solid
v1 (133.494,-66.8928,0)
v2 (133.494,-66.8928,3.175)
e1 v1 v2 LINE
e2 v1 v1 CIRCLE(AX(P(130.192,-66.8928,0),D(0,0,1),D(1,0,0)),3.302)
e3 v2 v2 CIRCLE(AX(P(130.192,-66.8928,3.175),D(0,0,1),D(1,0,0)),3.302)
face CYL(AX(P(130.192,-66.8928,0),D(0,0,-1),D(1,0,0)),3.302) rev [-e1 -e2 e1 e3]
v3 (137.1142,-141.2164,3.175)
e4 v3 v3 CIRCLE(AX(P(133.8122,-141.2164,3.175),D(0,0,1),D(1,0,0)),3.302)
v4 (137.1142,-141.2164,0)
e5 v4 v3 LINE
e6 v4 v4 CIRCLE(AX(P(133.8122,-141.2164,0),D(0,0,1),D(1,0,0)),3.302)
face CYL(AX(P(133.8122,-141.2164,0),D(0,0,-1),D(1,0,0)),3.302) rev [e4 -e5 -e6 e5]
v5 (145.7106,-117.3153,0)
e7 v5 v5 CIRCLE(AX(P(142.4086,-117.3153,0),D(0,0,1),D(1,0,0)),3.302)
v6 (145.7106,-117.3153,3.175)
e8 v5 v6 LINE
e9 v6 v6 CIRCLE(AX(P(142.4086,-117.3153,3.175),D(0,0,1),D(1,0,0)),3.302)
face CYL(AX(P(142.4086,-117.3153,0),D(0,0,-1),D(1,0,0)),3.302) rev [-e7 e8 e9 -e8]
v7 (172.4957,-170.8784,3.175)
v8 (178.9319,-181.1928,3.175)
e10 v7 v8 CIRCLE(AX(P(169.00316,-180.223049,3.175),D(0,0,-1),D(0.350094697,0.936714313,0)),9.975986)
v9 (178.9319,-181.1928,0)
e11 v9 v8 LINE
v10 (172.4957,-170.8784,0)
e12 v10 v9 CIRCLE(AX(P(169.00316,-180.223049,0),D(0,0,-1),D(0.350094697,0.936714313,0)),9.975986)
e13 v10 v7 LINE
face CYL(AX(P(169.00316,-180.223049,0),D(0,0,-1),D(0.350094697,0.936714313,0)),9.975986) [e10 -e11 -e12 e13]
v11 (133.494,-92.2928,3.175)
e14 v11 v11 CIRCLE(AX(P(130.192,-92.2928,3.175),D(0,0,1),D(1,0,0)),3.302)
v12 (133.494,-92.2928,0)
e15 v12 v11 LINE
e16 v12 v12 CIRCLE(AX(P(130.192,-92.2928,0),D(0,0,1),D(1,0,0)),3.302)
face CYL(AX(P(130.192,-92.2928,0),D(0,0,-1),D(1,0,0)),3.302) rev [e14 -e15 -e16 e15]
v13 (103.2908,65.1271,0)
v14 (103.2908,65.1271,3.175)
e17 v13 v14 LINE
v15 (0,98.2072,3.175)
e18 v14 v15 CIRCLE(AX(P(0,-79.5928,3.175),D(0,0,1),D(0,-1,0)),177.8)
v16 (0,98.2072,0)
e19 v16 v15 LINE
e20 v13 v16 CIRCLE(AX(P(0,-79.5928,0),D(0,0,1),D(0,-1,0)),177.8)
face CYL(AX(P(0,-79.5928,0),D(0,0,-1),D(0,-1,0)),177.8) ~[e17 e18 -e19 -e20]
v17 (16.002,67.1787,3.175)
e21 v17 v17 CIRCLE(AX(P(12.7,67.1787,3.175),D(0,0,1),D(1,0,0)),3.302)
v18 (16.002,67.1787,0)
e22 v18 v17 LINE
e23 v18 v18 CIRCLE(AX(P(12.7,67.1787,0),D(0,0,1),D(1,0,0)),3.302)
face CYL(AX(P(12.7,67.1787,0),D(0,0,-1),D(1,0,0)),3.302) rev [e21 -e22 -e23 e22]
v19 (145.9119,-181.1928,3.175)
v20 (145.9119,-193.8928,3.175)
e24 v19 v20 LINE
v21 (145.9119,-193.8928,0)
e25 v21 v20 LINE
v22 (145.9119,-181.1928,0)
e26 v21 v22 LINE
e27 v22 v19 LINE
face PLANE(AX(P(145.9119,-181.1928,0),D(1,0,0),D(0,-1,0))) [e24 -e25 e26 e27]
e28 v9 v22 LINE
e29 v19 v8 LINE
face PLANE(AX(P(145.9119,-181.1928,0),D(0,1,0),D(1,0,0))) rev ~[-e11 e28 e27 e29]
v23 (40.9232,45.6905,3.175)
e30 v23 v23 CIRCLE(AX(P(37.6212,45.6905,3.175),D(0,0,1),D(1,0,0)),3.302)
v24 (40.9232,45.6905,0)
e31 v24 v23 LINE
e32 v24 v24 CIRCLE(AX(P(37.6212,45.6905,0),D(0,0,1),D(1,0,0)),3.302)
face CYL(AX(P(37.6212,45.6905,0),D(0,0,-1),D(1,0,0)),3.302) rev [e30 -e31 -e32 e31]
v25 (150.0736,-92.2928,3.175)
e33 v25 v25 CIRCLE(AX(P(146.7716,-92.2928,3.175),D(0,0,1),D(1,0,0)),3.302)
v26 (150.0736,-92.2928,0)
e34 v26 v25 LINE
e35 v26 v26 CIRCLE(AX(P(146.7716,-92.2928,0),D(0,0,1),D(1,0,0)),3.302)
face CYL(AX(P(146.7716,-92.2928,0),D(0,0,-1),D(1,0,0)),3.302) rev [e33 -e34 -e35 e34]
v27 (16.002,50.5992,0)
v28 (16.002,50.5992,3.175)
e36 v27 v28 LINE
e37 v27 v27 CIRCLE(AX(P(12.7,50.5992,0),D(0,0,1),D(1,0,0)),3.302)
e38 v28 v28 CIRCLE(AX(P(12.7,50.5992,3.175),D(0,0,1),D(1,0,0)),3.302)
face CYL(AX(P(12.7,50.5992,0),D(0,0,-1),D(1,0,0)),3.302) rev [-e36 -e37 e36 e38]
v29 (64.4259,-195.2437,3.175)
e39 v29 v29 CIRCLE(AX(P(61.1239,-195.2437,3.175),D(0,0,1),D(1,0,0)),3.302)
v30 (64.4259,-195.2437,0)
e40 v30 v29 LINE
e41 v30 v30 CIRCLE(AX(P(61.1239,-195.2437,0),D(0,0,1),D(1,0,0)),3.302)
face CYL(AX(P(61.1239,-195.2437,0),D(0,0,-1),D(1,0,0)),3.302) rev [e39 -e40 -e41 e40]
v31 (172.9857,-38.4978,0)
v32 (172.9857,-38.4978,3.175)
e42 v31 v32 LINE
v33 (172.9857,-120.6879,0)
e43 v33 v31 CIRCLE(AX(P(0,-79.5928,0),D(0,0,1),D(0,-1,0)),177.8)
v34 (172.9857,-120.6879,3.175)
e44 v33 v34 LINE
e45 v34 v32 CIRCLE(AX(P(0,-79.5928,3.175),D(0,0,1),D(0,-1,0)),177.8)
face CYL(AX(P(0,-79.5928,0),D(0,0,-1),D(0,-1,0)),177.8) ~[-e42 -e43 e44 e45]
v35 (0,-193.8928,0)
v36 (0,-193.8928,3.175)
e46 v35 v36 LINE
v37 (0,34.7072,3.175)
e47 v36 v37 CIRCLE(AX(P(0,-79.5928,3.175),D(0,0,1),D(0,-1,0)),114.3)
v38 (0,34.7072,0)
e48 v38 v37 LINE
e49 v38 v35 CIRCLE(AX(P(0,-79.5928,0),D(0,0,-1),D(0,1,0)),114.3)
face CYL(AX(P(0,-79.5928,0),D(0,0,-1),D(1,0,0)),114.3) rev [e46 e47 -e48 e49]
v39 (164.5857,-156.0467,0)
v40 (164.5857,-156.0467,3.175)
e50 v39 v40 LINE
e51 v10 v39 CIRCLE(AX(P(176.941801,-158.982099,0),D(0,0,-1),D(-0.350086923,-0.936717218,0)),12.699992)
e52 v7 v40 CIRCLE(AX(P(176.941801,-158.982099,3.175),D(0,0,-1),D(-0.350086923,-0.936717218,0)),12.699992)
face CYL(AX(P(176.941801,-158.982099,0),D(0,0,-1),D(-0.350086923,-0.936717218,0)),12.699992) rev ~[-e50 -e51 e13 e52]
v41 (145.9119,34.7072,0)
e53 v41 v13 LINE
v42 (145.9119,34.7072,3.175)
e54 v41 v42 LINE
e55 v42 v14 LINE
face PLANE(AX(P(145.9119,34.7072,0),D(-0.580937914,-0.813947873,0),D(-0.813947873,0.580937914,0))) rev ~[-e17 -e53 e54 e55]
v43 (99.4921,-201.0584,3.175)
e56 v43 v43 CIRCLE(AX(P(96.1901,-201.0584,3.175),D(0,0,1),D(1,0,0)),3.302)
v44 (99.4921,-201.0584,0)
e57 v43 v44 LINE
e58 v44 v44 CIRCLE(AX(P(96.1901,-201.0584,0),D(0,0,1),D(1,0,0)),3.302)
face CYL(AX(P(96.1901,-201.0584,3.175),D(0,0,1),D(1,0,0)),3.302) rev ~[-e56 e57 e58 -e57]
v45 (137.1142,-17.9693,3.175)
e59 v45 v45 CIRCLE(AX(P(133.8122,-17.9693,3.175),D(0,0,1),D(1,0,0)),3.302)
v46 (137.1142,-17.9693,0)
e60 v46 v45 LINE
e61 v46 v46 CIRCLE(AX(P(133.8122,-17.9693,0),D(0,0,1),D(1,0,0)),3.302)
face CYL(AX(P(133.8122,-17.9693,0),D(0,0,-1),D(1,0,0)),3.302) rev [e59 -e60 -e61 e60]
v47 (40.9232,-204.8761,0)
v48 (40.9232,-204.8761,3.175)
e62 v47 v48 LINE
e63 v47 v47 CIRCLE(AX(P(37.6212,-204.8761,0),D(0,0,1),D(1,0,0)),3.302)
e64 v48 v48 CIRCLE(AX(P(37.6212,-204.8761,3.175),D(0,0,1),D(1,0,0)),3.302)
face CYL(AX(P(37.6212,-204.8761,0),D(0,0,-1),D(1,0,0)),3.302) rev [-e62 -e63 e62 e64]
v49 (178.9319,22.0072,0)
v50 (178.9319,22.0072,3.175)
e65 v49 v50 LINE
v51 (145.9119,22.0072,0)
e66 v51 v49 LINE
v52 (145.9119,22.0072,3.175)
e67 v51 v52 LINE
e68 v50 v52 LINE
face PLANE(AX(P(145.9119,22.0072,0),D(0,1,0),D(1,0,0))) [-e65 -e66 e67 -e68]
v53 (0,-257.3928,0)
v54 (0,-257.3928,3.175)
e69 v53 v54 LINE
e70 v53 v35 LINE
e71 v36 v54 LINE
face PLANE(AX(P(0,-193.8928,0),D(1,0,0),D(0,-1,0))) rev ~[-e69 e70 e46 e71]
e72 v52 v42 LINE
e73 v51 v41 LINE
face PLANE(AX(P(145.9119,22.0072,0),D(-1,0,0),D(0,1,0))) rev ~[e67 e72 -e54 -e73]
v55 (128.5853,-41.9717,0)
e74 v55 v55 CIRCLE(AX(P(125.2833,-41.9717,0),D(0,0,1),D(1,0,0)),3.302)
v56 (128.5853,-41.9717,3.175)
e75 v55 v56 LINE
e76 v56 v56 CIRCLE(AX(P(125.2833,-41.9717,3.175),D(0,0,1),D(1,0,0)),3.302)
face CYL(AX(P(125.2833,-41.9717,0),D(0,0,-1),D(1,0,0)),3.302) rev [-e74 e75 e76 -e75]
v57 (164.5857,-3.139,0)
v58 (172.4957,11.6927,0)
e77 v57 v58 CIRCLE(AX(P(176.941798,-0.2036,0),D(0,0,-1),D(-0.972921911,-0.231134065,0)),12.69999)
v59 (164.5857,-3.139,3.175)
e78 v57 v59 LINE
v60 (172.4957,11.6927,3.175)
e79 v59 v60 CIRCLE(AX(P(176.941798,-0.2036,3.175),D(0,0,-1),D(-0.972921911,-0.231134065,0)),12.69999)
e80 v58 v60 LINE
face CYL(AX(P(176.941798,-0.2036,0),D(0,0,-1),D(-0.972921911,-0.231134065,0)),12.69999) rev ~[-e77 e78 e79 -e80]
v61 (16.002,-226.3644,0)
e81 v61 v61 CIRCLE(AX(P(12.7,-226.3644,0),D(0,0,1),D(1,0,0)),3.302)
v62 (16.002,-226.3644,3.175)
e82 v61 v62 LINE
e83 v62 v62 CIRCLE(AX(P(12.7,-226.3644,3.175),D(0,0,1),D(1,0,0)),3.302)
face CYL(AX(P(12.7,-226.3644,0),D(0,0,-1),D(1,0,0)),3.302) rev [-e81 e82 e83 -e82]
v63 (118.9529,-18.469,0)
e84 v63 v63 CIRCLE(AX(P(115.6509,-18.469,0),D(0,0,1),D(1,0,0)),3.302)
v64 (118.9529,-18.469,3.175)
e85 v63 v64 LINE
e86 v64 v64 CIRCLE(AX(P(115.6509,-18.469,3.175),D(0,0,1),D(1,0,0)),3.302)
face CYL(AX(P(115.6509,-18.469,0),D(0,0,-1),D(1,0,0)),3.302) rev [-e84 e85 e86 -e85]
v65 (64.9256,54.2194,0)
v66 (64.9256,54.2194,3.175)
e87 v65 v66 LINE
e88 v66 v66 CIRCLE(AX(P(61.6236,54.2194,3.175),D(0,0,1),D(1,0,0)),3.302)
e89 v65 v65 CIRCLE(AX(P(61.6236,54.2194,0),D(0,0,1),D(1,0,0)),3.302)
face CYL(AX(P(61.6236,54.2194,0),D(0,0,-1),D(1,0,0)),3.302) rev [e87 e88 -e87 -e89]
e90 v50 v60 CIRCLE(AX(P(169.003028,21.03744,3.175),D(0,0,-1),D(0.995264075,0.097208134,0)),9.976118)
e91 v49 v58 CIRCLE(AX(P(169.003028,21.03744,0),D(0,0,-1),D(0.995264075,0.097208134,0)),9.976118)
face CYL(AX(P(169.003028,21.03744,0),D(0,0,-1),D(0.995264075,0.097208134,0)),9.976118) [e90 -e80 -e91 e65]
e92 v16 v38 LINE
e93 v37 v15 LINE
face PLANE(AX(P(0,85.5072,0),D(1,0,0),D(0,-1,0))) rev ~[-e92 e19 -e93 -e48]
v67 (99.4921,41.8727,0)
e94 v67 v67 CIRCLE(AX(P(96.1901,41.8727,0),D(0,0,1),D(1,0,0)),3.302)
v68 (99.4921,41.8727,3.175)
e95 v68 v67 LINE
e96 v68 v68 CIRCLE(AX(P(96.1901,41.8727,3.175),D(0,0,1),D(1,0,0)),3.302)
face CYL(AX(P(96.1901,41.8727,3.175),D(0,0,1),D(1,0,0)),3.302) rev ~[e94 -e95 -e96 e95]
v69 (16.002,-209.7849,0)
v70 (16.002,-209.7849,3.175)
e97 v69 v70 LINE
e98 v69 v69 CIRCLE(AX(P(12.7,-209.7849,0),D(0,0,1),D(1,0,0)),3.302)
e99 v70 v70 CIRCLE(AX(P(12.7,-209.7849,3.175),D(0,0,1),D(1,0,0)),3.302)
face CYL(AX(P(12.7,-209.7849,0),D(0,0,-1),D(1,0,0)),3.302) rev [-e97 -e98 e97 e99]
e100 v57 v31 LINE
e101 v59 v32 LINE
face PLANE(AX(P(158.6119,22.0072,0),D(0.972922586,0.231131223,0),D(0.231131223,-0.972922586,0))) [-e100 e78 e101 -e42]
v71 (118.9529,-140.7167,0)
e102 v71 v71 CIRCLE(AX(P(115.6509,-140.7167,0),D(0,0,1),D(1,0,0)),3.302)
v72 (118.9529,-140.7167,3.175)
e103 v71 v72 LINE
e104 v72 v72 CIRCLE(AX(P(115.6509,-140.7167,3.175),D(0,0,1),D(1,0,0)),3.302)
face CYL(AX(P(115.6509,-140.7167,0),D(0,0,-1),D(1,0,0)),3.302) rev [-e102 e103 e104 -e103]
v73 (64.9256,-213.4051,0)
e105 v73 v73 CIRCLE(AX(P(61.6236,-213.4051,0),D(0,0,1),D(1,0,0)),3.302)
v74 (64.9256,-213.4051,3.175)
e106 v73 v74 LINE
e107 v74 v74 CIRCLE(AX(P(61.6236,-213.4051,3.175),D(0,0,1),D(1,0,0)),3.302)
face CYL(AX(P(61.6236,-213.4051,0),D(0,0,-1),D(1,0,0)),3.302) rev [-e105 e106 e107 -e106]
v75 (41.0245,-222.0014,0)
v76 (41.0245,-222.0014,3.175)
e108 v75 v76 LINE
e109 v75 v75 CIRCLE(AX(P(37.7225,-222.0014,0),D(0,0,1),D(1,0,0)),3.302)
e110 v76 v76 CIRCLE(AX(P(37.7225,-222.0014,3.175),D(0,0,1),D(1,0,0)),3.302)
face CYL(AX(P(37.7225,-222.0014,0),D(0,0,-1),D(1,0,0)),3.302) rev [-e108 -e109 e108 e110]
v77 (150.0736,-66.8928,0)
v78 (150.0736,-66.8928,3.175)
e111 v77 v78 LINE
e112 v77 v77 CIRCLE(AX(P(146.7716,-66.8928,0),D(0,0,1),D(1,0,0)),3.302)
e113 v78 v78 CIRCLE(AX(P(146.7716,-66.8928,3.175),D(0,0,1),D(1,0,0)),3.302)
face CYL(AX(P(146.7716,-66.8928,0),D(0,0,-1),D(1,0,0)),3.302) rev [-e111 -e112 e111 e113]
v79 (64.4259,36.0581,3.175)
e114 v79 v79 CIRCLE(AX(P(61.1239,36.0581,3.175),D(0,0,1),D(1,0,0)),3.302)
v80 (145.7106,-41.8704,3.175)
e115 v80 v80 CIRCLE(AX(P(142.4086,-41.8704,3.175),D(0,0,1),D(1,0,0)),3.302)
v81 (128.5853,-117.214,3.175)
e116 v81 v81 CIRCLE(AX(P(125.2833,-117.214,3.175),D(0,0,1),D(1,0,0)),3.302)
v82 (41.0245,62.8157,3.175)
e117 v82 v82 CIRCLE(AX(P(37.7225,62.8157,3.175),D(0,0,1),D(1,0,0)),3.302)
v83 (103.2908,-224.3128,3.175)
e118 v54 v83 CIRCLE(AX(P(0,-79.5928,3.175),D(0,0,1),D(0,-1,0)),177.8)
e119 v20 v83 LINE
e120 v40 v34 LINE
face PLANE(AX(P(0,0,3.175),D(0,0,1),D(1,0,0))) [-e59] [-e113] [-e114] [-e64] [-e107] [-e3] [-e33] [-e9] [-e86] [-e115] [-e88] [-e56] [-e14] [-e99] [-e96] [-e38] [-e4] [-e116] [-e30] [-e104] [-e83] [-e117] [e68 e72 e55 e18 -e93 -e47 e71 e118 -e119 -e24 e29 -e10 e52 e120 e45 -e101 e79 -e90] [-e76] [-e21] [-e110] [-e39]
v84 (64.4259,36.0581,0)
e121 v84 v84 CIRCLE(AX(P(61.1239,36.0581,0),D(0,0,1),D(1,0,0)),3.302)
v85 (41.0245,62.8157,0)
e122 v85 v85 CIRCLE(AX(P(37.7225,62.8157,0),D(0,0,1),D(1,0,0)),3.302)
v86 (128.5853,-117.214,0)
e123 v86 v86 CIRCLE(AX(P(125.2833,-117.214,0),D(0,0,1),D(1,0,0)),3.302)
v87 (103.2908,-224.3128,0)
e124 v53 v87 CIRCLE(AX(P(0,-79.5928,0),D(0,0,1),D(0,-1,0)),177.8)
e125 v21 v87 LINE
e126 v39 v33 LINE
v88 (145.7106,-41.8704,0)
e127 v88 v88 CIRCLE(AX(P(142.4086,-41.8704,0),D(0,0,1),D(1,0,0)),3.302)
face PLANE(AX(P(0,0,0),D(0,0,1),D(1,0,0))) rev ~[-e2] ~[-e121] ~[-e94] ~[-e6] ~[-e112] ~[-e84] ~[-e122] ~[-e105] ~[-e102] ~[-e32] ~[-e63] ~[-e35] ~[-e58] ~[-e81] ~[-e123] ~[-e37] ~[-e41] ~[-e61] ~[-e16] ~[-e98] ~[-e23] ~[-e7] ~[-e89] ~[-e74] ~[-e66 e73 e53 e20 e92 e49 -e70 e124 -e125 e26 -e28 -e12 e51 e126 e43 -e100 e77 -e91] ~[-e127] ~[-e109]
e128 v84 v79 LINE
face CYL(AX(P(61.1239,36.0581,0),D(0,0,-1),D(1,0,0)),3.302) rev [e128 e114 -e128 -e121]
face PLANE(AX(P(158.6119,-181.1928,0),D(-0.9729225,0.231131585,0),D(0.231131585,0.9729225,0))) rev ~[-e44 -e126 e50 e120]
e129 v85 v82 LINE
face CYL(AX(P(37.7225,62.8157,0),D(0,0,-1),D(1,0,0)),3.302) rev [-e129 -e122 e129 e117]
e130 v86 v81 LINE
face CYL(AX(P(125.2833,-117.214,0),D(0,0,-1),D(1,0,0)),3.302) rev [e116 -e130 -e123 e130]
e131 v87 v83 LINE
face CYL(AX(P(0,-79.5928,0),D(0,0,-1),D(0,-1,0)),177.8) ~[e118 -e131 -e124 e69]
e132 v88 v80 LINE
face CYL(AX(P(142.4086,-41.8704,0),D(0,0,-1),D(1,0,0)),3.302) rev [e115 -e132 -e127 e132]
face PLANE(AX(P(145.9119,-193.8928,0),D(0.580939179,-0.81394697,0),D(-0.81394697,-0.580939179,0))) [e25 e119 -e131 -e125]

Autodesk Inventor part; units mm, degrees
ref_plane "YZ Plane" through (0, 0, 0) normal (1, 0, 0) x (0, 1, 0)
ref_plane "XZ Plane" through (0, 0, 0) normal (0, 1, 0) x (-1, 0, 0)
ref_plane "XY Plane" through (0, 0, 0) normal (0, 0, 1) x (1, 0, 0)
sketch "Sketch1" plane through (0, 0, 0) normal (0, 0, 1) x (1, 0, 0)
  circle A0 centre (146.7716, -66.8928) radius 3.302 projected
  circle A1 centre (142.4086, -41.8704) radius 3.302 projected
  circle A2 centre (115.6509, -18.469) radius 3.302 projected
  circle A3 centre (12.7, 67.1787) radius 3.302 projected
  circle A4 centre (37.7225, 62.8157) radius 3.302 projected
  circle A5 centre (61.6236, 54.2194) radius 3.302 projected
  circle A6 centre (-37.6212, 45.6905) radius 3.302 projected
  circle A7 centre (-12.7, 67.1787) radius 3.302 projected
  circle A8 centre (-61.6236, 54.2194) radius 3.302 projected
  circle A9 centre (-133.8122, -17.9693) radius 3.302 projected
  circle A10 centre (-130.192, -66.8928) radius 3.302 projected
  circle A11 centre (-146.7716, -66.8928) radius 3.302 projected
  circle A12 centre (-142.4086, -41.8704) radius 3.302 projected
  circle A13 centre (-125.2833, -41.9717) radius 3.302 projected
  circle A14 centre (-115.6509, -18.469) radius 3.302 projected
  circle A15 centre (-37.7225, 62.8157) radius 3.302 projected
  circle A16 centre (-12.7, 50.5992) radius 3.302 projected
  circle A17 centre (-61.1239, 36.0581) radius 3.302 projected
  circle A18 centre (61.1239, 36.0581) radius 3.302 projected
  circle A19 centre (37.6212, 45.6905) radius 3.302 projected
  circle A20 centre (12.7, 50.5992) radius 3.302 projected
  circle A21 centre (133.8122, -17.9693) radius 3.302 projected
  circle A22 centre (125.2833, -41.9717) radius 3.302 projected
  circle A23 centre (130.192, -66.8928) radius 3.302 projected
  arc A24 (165.1, -79.5928) -> (-165.1, -79.5928) centre (0, -79.5928) ccw projected
  line L0 (-114.3, -79.5928) -> (-165.1, -79.5928) projected
  arc A25 (114.3, -79.5928) -> (-114.3, -79.5928) centre (0, -79.5928) ccw projected
  line L1 (165.1, -79.5928) -> (114.3, -79.5928) projected
  circle A26 centre (-146.7716, -92.2928) radius 3.302 projected
  circle A27 centre (-142.4086, -117.3153) radius 3.302 projected
  circle A28 centre (-115.6509, -140.7167) radius 3.302 projected
  circle A29 centre (-12.7, -226.3644) radius 3.302 projected
  circle A30 centre (-37.7225, -222.0014) radius 3.302 projected
  circle A31 centre (-61.6236, -213.4051) radius 3.302 projected
  circle A32 centre (37.6212, -204.8761) radius 3.302 projected
  circle A33 centre (12.7, -226.3644) radius 3.302 projected
  circle A34 centre (61.6236, -213.4051) radius 3.302 projected
  circle A35 centre (133.8122, -141.2164) radius 3.302 projected
  circle A36 centre (130.192, -92.2928) radius 3.302 projected
  circle A37 centre (146.7716, -92.2928) radius 3.302 projected
  circle A38 centre (142.4086, -117.3153) radius 3.302 projected
  circle A39 centre (125.2833, -117.214) radius 3.302 projected
  circle A40 centre (115.6509, -140.7167) radius 3.302 projected
  circle A41 centre (37.7225, -222.0014) radius 3.302 projected
  circle A42 centre (12.7, -209.7849) radius 3.302 projected
  circle A43 centre (61.1239, -195.2437) radius 3.302 projected
  circle A44 centre (-61.1239, -195.2437) radius 3.302 projected
  circle A45 centre (-37.6212, -204.8761) radius 3.302 projected
  circle A46 centre (-12.7, -209.7849) radius 3.302 projected
  circle A47 centre (-133.8122, -141.2164) radius 3.302 projected
  circle A48 centre (-125.2833, -117.214) radius 3.302 projected
  circle A49 centre (-130.192, -92.2928) radius 3.302 projected
  arc A50 (-165.1, -79.5928) -> (165.1, -79.5928) centre (0, -79.5928) ccw projected
  line L2 (114.3, -79.5928) -> (165.1, -79.5928) projected
  arc A51 (-114.3, -79.5928) -> (114.3, -79.5928) centre (0, -79.5928) ccw projected
  line L3 (-165.1, -79.5928) -> (-114.3, -79.5928) projected
  arc A52 (0, -257.3928) -> (0, 98.2072) centre (0, -79.5928) ccw
  line L4 (0, 98.2072) -> (0, 34.7072)
  line L5 (0, -193.8928) -> (0, -257.3928)
  point P0 (0, 0)
  dimension "d0" = 355.6
extrude "Extrusion1" add sketch "Sketch1" along normal blind 3.175 contours L1 A25 L4 A24 | A50 L5 A51 L1 | A24 L4 A52 L5 A50
sketch "Sketch2" plane through (0, 0, 0) normal (0, 0, -1) x (-1, 0, 0)
  arc A0 (0, 98.2072) -> (0, -257.3928) centre (0, -79.5928) ccw projected
  line L0 (-215.9, -184.3678) -> (-163.2323, -184.3678) projected
  line L1 (-152.4, -184.3678) -> (0, -184.3678) projected
  line L2 (152.4, -190.7178) -> (-152.4, -190.7178) projected
  line L3 (152.4, -190.7178) -> (-152.4, -190.7178) projected
  line L4 (-215.9, -181.1928) -> (-163.2323, -181.1928) projected
  line L5 (0, -190.7178) -> (-203.2, -190.7178) projected
  line L6 (-46.5518, -181.1928) -> (46.5518, -181.1928) projected
  line L7 (152.4, -181.1928) -> (-152.4, -181.1928) projected
  line L8 (-163.2323, -193.8928) -> (-215.9, -193.8928) projected
  line L9 (0, -184.3678) -> (-203.2, -184.3678) projected
  line L10 (-127, -193.8928) -> (-163.2323, -193.8928) projected
  arc A1 (0, 98.2072) -> (0, -257.3928) centre (0, -79.5928) ccw projected
  line L11 (-145.9119, -181.1928) -> (-145.9119, -193.8928)
  line L12 (-145.9119, -193.8928) -> (-136.1923, -193.8928)
  arc A2 (-145.9119, -181.1928) -> (-136.1923, -193.8928) centre (0, -79.5928) ccw
  line L13 (-145.9119, -181.1928) -> (-158.6119, -181.1928)
  line L14 (-158.6119, -181.1928) -> (-172.9857, -120.6879)
  line L15 (-145.9119, -193.8928) -> (-103.2908, -224.3128)
  arc A3 (-172.9857, -120.6879) -> (-145.9119, -181.1928) centre (0, -79.5928) ccw
  arc A4 (-145.9119, -181.1928) -> (-103.2908, -224.3128) centre (0, -79.5928) ccw
  line L16 (0, -79.5928) -> (-43.5104, -79.5928) construction
  line L17 (-145.9119, 22.0072) -> (-145.9119, 34.7072)
  line L18 (-145.9119, 22.0072) -> (-158.6119, 22.0072)
  line L19 (-158.6119, 22.0072) -> (-172.9857, -38.4978)
  line L20 (-145.9119, 34.7072) -> (-103.2908, 65.1271)
  arc A5 (-145.9119, 22.0072) -> (-172.9857, -38.4978) centre (0, -79.5928) ccw
  arc A6 (-103.2908, 65.1271) -> (-145.9119, 22.0072) centre (0, -79.5928) ccw
  point P0 (0, 0)
  dimension "d3" = 12.7
extrude "Extrusion3" add sketch "Sketch2" against normal blind 3.175
sketch "Sketch3" plane through (0, 0, 0) normal (0, 0, -1) x (-1, 0, 0)
  circle A0 centre (-61.1239, -195.2437) radius 3.302 projected
  circle A1 centre (-12.7, -209.7849) radius 3.302 projected
  circle A2 centre (-37.7225, -222.0014) radius 3.302 projected
  circle A3 centre (-115.6509, -140.7167) radius 3.302 projected
  circle A4 centre (-125.2833, -117.214) radius 3.302 projected
  circle A5 centre (-142.4086, -117.3153) radius 3.302 projected
  circle A6 centre (-146.7716, -92.2928) radius 3.302 projected
  circle A7 centre (-130.192, -92.2928) radius 3.302 projected
  circle A8 centre (-133.8122, -141.2164) radius 3.302 projected
  circle A9 centre (-61.6236, -213.4051) radius 3.302 projected
  circle A10 centre (-12.7, -226.3644) radius 3.302 projected
  circle A11 centre (-37.6212, -204.8761) radius 3.302 projected
  circle A12 centre (-130.192, -66.8928) radius 3.302 projected
  circle A13 centre (-125.2833, -41.9717) radius 3.302 projected
  circle A14 centre (-133.8122, -17.9693) radius 3.302 projected
  circle A15 centre (-12.7, 50.5992) radius 3.302 projected
  circle A16 centre (-37.6212, 45.6905) radius 3.302 projected
  circle A17 centre (-61.1239, 36.0581) radius 3.302 projected
  circle A18 centre (-61.6236, 54.2194) radius 3.302 projected
  circle A19 centre (-37.7225, 62.8157) radius 3.302 projected
  circle A20 centre (-12.7, 67.1787) radius 3.302 projected
  circle A21 centre (-115.6509, -18.469) radius 3.302 projected
  circle A22 centre (-142.4086, -41.8704) radius 3.302 projected
  circle A23 centre (-146.7716, -66.8928) radius 3.302 projected
  arc A24 (0, 34.7072) -> (0, -193.8928) centre (0, -79.5928) ccw projected
  line L0 (0, 98.2072) -> (0, 34.7072) projected
  arc A25 (0, 98.2072) -> (-103.2908, 65.1271) centre (0, -79.5928) ccw projected
  line L1 (-103.2908, 65.1271) -> (-145.9119, 34.7072) projected
  line L2 (-145.9119, 34.7072) -> (-145.9119, 22.0072) projected
  line L3 (-145.9119, 22.0072) -> (-158.6119, 22.0072) projected
  line L4 (-158.6119, 22.0072) -> (-172.9857, -38.4978) projected
  arc A26 (-172.9857, -38.4978) -> (-172.9857, -120.6879) centre (0, -79.5928) ccw projected
  line L5 (-172.9857, -120.6879) -> (-158.6119, -181.1928) projected
  line L6 (-158.6119, -181.1928) -> (-145.9119, -181.1928) projected
  line L7 (-145.9119, -181.1928) -> (-145.9119, -193.8928) projected
  line L8 (-145.9119, -193.8928) -> (-103.2908, -224.3128) projected
  arc A27 (-103.2908, -224.3128) -> (0, -257.3928) centre (0, -79.5928) ccw projected
  line L9 (0, -193.8928) -> (0, -257.3928) projected
  line L10 (-145.9119, -181.1928) -> (-158.6119, -181.1928) projected
  line L11 (-158.6119, -181.1928) -> (-178.9319, -181.1928)
  circle A28 centre (0, -79.5928) radius 177.8
  arc A29 (-172.4957, -170.8784) -> (-178.9319, -181.1928) centre (-169.0032, -180.223) ccw
  arc A30 (-172.4957, -170.8784) -> (-164.5857, -156.0467) centre (-176.9418, -158.9821) ccw
  arc A31 (-172.9857, -38.4978) -> (-172.9857, -120.6879) centre (0, -79.5928) ccw projected
  line L12 (0, -79.5928) -> (-220.3249, -79.5928)
  line L13 (-158.6119, -181.1928) -> (-172.9857, -120.6879) projected
  line L14 (-164.5857, -156.0467) -> (-158.6119, -181.1928)
  line L15 (-172.9857, -38.4978) -> (-164.5857, -3.139)
  line L16 (-158.6119, 22.0072) -> (-178.9319, 22.0072)
  arc A32 (-178.9319, 22.0072) -> (-172.4957, 11.6927) centre (-169.0032, 21.0374) ccw
  arc A33 (-164.5857, -3.139) -> (-172.4957, 11.6927) centre (-176.9418, -0.2036) ccw
  line L17 (-164.5857, -3.139) -> (-158.6119, 22.0072)
  point P0 (0, 0)
  point P1 (-159.6945, -176.6356)
  dimension "d8" = 20.32
  dimension "d9" = 12.7
extrude "Extrusion4" add sketch "Sketch3" against normal blind 3.175 contours A33 A32 L16 L4 | L5 L11 A29 A30
sketch "Sketch4" plane through (0, 0, 3.175) normal (0, 0, 1) x (1, 0, 0)
  circle A0 centre (96.1901, -201.0584) radius 3.302 projected
  circle A1 centre (96.1901, 41.8727) radius 3.302 projected
  point P0 (0, 0)
extrude "Extrusion5" cut sketch "Sketch4" against normal blind 3.175
properties part number "13in outer coil"
